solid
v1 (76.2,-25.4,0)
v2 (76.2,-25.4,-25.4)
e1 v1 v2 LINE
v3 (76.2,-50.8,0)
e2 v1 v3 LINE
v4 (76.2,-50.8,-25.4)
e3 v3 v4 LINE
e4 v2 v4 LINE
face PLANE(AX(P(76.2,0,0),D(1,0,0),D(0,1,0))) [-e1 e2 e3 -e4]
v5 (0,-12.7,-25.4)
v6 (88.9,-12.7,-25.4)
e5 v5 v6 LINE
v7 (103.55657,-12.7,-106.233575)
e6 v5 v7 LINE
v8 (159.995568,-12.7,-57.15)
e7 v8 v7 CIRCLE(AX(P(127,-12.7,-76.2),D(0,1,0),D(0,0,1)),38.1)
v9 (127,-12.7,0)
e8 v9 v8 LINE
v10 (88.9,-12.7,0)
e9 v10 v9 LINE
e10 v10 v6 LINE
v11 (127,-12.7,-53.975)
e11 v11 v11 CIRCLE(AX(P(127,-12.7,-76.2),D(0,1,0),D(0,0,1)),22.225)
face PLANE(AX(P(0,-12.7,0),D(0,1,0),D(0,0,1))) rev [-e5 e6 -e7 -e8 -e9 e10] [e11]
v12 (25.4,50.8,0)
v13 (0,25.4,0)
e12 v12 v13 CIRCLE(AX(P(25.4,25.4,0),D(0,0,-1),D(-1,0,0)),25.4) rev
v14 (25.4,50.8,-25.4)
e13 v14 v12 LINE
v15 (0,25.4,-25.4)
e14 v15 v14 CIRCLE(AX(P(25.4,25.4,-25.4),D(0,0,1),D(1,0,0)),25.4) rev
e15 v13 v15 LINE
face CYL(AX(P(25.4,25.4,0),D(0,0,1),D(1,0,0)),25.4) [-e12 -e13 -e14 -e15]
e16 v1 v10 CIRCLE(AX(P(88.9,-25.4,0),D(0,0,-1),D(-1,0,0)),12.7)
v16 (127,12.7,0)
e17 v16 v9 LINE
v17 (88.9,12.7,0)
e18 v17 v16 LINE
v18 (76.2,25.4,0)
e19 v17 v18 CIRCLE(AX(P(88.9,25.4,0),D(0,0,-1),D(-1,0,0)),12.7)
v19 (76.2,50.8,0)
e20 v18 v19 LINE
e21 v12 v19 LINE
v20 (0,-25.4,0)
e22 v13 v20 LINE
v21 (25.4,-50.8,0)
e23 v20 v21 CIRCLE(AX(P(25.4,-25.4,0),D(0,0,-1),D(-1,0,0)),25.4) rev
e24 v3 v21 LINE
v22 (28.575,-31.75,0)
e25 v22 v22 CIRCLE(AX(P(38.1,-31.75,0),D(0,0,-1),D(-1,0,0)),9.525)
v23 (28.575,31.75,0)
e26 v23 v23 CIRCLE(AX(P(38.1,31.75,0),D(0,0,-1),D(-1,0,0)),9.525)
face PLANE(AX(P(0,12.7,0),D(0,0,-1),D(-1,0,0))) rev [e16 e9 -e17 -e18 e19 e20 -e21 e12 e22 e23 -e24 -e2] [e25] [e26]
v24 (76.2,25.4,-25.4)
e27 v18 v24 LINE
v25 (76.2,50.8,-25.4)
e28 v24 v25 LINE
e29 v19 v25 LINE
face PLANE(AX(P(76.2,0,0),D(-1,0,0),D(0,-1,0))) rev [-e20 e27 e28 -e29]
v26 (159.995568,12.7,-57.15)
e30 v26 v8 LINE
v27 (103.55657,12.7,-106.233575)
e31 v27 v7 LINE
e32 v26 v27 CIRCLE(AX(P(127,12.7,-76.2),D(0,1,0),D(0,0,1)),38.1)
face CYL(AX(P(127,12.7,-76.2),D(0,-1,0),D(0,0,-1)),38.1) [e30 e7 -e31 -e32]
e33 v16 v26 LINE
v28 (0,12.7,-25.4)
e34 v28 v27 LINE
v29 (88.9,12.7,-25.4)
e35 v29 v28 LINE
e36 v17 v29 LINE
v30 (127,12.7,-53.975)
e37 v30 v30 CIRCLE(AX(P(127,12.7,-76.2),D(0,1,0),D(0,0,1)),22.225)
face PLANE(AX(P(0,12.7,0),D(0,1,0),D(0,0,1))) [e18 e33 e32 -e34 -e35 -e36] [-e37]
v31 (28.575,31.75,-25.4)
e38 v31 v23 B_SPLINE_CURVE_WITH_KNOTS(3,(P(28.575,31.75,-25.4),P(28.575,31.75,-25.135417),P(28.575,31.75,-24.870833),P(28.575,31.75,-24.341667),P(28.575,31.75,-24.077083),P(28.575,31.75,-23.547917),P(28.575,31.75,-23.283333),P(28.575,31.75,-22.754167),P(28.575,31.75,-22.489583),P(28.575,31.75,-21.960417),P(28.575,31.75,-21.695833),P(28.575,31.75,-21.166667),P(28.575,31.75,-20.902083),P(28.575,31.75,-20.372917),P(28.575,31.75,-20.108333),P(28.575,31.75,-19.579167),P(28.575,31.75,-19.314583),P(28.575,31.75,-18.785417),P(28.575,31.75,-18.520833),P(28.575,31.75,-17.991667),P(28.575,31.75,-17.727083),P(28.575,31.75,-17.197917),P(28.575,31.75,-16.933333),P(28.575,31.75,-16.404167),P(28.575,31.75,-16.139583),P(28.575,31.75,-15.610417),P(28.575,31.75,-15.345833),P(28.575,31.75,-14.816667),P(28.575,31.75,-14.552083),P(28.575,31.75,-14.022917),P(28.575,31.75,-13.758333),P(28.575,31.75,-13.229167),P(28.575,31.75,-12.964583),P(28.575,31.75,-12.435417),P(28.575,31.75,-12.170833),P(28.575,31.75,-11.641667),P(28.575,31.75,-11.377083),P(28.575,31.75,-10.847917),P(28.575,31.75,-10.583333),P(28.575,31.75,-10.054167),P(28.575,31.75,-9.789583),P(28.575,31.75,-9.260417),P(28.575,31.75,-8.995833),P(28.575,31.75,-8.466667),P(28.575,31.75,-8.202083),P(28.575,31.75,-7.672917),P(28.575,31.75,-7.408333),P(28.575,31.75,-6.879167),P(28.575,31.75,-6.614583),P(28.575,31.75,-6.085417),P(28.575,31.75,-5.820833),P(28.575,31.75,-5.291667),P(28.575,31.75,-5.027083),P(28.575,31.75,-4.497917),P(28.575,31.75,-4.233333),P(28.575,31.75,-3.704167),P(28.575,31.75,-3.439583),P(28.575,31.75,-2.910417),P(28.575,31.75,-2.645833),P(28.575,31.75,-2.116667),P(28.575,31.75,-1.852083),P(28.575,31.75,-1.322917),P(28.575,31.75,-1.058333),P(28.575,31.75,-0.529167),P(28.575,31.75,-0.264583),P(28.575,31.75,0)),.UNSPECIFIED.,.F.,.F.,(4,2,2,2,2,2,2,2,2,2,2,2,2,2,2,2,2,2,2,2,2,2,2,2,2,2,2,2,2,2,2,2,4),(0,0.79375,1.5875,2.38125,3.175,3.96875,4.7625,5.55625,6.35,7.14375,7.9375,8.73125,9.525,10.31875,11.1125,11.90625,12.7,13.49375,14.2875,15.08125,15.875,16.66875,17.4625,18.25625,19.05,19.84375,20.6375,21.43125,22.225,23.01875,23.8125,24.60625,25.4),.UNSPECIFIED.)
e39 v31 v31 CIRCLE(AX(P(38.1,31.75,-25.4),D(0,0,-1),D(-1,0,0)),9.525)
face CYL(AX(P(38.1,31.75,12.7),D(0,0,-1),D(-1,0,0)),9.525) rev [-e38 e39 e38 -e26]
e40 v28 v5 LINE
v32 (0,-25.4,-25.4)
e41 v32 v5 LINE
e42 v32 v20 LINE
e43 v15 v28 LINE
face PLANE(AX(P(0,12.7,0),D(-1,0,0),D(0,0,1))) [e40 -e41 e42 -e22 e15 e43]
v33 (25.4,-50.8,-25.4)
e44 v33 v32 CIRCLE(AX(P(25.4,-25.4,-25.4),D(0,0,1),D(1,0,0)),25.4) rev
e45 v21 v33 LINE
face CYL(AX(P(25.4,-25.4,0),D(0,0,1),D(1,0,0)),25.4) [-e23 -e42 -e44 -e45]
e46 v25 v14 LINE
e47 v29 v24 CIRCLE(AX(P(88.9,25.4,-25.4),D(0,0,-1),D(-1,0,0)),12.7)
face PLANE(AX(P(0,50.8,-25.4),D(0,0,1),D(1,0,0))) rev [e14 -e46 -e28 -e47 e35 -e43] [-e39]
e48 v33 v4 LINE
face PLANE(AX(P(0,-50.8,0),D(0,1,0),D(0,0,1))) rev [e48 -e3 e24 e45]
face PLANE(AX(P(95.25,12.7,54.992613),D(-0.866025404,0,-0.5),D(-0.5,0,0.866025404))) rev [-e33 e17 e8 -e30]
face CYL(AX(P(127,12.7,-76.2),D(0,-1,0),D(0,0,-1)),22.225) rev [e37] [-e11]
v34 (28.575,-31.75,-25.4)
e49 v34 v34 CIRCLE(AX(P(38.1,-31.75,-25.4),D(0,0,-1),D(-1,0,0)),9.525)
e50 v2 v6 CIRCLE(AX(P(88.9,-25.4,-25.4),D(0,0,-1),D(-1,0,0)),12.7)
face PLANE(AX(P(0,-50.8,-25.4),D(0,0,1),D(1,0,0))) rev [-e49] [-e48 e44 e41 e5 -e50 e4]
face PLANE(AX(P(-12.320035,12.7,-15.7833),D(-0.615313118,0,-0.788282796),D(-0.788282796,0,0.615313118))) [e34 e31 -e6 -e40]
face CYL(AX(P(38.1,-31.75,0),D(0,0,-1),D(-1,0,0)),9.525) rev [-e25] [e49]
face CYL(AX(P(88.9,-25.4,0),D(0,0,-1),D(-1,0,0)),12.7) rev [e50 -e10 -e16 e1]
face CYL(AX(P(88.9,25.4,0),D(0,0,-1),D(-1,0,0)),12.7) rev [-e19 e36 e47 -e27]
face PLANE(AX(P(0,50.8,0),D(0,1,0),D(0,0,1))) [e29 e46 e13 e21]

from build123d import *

# Parameters (mm, degrees)
SKETCH1_R           = 38.1
SKETCH1_R_2         = 22.225
BOSS_EXTRUDE1_DEPTH = 12.7
SKETCH2_W           = 101.6
SKETCH2_H           = 25.4
BOSS_EXTRUDE2_DEPTH = 38.1
SKETCH3_R           = 12.7
CUT_EXTRUDE1_DEPTH  = 195.272643468
SKETCH4_R           = 9.525
CUT_EXTRUDE3_DEPTH  = 38.1
FILLET3_R           = 25.4
SKETCH6_W           = 101.6
SKETCH6_H           = 25.4
BOSS_EXTRUDE3_DEPTH = 38.1
SKETCH7_R           = 12.7
CUT_EXTRUDE4_DEPTH  = 195.272643468
SKETCH8_R           = 9.525
CUT_EXTRUDE5_DEPTH  = 195.272643468
FILLET4_R           = 25.4


with BuildPart() as part:
    # Sketch1 → Boss-Extrude1 (new, symmetric)
    # profile 1 of 2: a face of its own
    with BuildSketch(Plane(origin=(0, 0, 0), x_dir=(1, 0, 0), z_dir=(0, 1, 0))):
        with BuildLine():
            Line((0, 25.4), (0, 0))
            Line((0, 0), (127, 0))
            Line((127, 0), (159.995567884, 57.15))
            ThreePointArc((159.995567884, 57.15), (101.997796947, 47.451089716), (103.55657019, 106.233574525))
            Line((103.55657019, 106.233574525), (0, 25.4))
        make_face()
    # profile 2 of 2: a face of its own
    with BuildSketch(Plane(origin=(0, 0, 0), x_dir=(1, 0, 0), z_dir=(0, 1, 0))):
        with Locations((127, 76.2)):
            Circle(SKETCH1_R)
        with Locations(Location((127, 76.2, 0), (0, 0, 270))):
            Circle(SKETCH1_R_2, mode=Mode.SUBTRACT)
    extrude(amount=BOSS_EXTRUDE1_DEPTH, both=True)

    # Sketch2 → Boss-Extrude2 (add)
    with BuildSketch(Plane(origin=(0, 12.7, 0), x_dir=(1, 0, 0), z_dir=(0, 1, 0))):
        with Locations((50.8, 12.7)):
            Rectangle(SKETCH2_W, SKETCH2_H)
    extrude(amount=BOSS_EXTRUDE2_DEPTH)

    # Sketch3 → Cut-Extrude1 (cut, through all)
    with BuildSketch(Plane(origin=(0, 0, -25.4), x_dir=(-1, 0, 0), z_dir=(0, 0, -1))):
        with BuildLine():
            ThreePointArc((-101.6, 25.4), (-88.9, 38.1), (-76.2, 25.4))
            Line((-76.2, 25.4), (-76.2, 50.8))
            Line((-76.2, 50.8), (-101.6, 50.8))
            Line((-101.6, 50.8), (-101.6, 25.4))
        make_face()
        with Locations((-88.9, 25.4)):
            Circle(SKETCH3_R)
        with BuildLine():
            Line((-101.6, 12.7), (-88.9, 12.7))
            ThreePointArc((-88.9, 12.7), (-97.880256121, 16.419743879), (-101.6, 25.4))
            Line((-101.6, 25.4), (-101.6, 12.7))
        make_face()
    extrude(amount=-CUT_EXTRUDE1_DEPTH, mode=Mode.SUBTRACT)

    # Sketch4 → Cut-Extrude3 (cut)
    with BuildSketch(Plane(origin=(0, 0, -25.4), x_dir=(-1, 0, 0), z_dir=(0, 0, -1))):
        with Locations((-38.1, 31.75)):
            Circle(SKETCH4_R)
    extrude(amount=-CUT_EXTRUDE3_DEPTH, mode=Mode.SUBTRACT)

    # Fillet3
    fillet3_edges = [part.edges().sort_by_distance(p)[0] for p in [
        (0, 50.8, -12.7),
    ]]
    fillet(fillet3_edges, radius=FILLET3_R)

    # Sketch6 → Boss-Extrude3 (add)
    with BuildSketch(Plane.XZ.offset(12.7)):
        with Locations((50.8, -12.7)):
            Rectangle(SKETCH6_W, SKETCH6_H)
    extrude(amount=BOSS_EXTRUDE3_DEPTH)

    # Sketch7 → Cut-Extrude4 (cut, through all)
    with BuildSketch(Plane(origin=(0, 0, -25.4), x_dir=(-1, 0, 0), z_dir=(0, 0, -1))):
        with BuildLine():
            Line((-76.2, -50.8), (-76.2, -25.4))
            ThreePointArc((-76.2, -25.4), (-88.9, -38.1), (-101.6, -25.4))
            Line((-101.6, -25.4), (-101.6, -50.8))
            Line((-101.6, -50.8), (-76.2, -50.8))
        make_face()
        with Locations((-88.9, -25.4)):
            Circle(SKETCH7_R)
        with BuildLine():
            ThreePointArc((-101.6, -25.4), (-97.880256121, -16.419743879), (-88.9, -12.7))
            Line((-88.9, -12.7), (-101.6, -12.7))
            Line((-101.6, -12.7), (-101.6, -25.4))
        make_face()
    extrude(amount=-CUT_EXTRUDE4_DEPTH, mode=Mode.SUBTRACT)

    # Sketch8 → Cut-Extrude5 (cut, through all)
    with BuildSketch(Plane(origin=(0, 0, -25.4), x_dir=(-1, 0, 0), z_dir=(0, 0, -1))):
        with Locations((-38.1, -31.75)):
            Circle(SKETCH8_R)
    extrude(amount=-CUT_EXTRUDE5_DEPTH, mode=Mode.SUBTRACT)

    # Fillet4
    fillet4_edges = [part.edges().sort_by_distance(p)[0] for p in [
        (0, -50.8, -12.7),
    ]]
    fillet(fillet4_edges, radius=FILLET4_R)


solid = part.part
